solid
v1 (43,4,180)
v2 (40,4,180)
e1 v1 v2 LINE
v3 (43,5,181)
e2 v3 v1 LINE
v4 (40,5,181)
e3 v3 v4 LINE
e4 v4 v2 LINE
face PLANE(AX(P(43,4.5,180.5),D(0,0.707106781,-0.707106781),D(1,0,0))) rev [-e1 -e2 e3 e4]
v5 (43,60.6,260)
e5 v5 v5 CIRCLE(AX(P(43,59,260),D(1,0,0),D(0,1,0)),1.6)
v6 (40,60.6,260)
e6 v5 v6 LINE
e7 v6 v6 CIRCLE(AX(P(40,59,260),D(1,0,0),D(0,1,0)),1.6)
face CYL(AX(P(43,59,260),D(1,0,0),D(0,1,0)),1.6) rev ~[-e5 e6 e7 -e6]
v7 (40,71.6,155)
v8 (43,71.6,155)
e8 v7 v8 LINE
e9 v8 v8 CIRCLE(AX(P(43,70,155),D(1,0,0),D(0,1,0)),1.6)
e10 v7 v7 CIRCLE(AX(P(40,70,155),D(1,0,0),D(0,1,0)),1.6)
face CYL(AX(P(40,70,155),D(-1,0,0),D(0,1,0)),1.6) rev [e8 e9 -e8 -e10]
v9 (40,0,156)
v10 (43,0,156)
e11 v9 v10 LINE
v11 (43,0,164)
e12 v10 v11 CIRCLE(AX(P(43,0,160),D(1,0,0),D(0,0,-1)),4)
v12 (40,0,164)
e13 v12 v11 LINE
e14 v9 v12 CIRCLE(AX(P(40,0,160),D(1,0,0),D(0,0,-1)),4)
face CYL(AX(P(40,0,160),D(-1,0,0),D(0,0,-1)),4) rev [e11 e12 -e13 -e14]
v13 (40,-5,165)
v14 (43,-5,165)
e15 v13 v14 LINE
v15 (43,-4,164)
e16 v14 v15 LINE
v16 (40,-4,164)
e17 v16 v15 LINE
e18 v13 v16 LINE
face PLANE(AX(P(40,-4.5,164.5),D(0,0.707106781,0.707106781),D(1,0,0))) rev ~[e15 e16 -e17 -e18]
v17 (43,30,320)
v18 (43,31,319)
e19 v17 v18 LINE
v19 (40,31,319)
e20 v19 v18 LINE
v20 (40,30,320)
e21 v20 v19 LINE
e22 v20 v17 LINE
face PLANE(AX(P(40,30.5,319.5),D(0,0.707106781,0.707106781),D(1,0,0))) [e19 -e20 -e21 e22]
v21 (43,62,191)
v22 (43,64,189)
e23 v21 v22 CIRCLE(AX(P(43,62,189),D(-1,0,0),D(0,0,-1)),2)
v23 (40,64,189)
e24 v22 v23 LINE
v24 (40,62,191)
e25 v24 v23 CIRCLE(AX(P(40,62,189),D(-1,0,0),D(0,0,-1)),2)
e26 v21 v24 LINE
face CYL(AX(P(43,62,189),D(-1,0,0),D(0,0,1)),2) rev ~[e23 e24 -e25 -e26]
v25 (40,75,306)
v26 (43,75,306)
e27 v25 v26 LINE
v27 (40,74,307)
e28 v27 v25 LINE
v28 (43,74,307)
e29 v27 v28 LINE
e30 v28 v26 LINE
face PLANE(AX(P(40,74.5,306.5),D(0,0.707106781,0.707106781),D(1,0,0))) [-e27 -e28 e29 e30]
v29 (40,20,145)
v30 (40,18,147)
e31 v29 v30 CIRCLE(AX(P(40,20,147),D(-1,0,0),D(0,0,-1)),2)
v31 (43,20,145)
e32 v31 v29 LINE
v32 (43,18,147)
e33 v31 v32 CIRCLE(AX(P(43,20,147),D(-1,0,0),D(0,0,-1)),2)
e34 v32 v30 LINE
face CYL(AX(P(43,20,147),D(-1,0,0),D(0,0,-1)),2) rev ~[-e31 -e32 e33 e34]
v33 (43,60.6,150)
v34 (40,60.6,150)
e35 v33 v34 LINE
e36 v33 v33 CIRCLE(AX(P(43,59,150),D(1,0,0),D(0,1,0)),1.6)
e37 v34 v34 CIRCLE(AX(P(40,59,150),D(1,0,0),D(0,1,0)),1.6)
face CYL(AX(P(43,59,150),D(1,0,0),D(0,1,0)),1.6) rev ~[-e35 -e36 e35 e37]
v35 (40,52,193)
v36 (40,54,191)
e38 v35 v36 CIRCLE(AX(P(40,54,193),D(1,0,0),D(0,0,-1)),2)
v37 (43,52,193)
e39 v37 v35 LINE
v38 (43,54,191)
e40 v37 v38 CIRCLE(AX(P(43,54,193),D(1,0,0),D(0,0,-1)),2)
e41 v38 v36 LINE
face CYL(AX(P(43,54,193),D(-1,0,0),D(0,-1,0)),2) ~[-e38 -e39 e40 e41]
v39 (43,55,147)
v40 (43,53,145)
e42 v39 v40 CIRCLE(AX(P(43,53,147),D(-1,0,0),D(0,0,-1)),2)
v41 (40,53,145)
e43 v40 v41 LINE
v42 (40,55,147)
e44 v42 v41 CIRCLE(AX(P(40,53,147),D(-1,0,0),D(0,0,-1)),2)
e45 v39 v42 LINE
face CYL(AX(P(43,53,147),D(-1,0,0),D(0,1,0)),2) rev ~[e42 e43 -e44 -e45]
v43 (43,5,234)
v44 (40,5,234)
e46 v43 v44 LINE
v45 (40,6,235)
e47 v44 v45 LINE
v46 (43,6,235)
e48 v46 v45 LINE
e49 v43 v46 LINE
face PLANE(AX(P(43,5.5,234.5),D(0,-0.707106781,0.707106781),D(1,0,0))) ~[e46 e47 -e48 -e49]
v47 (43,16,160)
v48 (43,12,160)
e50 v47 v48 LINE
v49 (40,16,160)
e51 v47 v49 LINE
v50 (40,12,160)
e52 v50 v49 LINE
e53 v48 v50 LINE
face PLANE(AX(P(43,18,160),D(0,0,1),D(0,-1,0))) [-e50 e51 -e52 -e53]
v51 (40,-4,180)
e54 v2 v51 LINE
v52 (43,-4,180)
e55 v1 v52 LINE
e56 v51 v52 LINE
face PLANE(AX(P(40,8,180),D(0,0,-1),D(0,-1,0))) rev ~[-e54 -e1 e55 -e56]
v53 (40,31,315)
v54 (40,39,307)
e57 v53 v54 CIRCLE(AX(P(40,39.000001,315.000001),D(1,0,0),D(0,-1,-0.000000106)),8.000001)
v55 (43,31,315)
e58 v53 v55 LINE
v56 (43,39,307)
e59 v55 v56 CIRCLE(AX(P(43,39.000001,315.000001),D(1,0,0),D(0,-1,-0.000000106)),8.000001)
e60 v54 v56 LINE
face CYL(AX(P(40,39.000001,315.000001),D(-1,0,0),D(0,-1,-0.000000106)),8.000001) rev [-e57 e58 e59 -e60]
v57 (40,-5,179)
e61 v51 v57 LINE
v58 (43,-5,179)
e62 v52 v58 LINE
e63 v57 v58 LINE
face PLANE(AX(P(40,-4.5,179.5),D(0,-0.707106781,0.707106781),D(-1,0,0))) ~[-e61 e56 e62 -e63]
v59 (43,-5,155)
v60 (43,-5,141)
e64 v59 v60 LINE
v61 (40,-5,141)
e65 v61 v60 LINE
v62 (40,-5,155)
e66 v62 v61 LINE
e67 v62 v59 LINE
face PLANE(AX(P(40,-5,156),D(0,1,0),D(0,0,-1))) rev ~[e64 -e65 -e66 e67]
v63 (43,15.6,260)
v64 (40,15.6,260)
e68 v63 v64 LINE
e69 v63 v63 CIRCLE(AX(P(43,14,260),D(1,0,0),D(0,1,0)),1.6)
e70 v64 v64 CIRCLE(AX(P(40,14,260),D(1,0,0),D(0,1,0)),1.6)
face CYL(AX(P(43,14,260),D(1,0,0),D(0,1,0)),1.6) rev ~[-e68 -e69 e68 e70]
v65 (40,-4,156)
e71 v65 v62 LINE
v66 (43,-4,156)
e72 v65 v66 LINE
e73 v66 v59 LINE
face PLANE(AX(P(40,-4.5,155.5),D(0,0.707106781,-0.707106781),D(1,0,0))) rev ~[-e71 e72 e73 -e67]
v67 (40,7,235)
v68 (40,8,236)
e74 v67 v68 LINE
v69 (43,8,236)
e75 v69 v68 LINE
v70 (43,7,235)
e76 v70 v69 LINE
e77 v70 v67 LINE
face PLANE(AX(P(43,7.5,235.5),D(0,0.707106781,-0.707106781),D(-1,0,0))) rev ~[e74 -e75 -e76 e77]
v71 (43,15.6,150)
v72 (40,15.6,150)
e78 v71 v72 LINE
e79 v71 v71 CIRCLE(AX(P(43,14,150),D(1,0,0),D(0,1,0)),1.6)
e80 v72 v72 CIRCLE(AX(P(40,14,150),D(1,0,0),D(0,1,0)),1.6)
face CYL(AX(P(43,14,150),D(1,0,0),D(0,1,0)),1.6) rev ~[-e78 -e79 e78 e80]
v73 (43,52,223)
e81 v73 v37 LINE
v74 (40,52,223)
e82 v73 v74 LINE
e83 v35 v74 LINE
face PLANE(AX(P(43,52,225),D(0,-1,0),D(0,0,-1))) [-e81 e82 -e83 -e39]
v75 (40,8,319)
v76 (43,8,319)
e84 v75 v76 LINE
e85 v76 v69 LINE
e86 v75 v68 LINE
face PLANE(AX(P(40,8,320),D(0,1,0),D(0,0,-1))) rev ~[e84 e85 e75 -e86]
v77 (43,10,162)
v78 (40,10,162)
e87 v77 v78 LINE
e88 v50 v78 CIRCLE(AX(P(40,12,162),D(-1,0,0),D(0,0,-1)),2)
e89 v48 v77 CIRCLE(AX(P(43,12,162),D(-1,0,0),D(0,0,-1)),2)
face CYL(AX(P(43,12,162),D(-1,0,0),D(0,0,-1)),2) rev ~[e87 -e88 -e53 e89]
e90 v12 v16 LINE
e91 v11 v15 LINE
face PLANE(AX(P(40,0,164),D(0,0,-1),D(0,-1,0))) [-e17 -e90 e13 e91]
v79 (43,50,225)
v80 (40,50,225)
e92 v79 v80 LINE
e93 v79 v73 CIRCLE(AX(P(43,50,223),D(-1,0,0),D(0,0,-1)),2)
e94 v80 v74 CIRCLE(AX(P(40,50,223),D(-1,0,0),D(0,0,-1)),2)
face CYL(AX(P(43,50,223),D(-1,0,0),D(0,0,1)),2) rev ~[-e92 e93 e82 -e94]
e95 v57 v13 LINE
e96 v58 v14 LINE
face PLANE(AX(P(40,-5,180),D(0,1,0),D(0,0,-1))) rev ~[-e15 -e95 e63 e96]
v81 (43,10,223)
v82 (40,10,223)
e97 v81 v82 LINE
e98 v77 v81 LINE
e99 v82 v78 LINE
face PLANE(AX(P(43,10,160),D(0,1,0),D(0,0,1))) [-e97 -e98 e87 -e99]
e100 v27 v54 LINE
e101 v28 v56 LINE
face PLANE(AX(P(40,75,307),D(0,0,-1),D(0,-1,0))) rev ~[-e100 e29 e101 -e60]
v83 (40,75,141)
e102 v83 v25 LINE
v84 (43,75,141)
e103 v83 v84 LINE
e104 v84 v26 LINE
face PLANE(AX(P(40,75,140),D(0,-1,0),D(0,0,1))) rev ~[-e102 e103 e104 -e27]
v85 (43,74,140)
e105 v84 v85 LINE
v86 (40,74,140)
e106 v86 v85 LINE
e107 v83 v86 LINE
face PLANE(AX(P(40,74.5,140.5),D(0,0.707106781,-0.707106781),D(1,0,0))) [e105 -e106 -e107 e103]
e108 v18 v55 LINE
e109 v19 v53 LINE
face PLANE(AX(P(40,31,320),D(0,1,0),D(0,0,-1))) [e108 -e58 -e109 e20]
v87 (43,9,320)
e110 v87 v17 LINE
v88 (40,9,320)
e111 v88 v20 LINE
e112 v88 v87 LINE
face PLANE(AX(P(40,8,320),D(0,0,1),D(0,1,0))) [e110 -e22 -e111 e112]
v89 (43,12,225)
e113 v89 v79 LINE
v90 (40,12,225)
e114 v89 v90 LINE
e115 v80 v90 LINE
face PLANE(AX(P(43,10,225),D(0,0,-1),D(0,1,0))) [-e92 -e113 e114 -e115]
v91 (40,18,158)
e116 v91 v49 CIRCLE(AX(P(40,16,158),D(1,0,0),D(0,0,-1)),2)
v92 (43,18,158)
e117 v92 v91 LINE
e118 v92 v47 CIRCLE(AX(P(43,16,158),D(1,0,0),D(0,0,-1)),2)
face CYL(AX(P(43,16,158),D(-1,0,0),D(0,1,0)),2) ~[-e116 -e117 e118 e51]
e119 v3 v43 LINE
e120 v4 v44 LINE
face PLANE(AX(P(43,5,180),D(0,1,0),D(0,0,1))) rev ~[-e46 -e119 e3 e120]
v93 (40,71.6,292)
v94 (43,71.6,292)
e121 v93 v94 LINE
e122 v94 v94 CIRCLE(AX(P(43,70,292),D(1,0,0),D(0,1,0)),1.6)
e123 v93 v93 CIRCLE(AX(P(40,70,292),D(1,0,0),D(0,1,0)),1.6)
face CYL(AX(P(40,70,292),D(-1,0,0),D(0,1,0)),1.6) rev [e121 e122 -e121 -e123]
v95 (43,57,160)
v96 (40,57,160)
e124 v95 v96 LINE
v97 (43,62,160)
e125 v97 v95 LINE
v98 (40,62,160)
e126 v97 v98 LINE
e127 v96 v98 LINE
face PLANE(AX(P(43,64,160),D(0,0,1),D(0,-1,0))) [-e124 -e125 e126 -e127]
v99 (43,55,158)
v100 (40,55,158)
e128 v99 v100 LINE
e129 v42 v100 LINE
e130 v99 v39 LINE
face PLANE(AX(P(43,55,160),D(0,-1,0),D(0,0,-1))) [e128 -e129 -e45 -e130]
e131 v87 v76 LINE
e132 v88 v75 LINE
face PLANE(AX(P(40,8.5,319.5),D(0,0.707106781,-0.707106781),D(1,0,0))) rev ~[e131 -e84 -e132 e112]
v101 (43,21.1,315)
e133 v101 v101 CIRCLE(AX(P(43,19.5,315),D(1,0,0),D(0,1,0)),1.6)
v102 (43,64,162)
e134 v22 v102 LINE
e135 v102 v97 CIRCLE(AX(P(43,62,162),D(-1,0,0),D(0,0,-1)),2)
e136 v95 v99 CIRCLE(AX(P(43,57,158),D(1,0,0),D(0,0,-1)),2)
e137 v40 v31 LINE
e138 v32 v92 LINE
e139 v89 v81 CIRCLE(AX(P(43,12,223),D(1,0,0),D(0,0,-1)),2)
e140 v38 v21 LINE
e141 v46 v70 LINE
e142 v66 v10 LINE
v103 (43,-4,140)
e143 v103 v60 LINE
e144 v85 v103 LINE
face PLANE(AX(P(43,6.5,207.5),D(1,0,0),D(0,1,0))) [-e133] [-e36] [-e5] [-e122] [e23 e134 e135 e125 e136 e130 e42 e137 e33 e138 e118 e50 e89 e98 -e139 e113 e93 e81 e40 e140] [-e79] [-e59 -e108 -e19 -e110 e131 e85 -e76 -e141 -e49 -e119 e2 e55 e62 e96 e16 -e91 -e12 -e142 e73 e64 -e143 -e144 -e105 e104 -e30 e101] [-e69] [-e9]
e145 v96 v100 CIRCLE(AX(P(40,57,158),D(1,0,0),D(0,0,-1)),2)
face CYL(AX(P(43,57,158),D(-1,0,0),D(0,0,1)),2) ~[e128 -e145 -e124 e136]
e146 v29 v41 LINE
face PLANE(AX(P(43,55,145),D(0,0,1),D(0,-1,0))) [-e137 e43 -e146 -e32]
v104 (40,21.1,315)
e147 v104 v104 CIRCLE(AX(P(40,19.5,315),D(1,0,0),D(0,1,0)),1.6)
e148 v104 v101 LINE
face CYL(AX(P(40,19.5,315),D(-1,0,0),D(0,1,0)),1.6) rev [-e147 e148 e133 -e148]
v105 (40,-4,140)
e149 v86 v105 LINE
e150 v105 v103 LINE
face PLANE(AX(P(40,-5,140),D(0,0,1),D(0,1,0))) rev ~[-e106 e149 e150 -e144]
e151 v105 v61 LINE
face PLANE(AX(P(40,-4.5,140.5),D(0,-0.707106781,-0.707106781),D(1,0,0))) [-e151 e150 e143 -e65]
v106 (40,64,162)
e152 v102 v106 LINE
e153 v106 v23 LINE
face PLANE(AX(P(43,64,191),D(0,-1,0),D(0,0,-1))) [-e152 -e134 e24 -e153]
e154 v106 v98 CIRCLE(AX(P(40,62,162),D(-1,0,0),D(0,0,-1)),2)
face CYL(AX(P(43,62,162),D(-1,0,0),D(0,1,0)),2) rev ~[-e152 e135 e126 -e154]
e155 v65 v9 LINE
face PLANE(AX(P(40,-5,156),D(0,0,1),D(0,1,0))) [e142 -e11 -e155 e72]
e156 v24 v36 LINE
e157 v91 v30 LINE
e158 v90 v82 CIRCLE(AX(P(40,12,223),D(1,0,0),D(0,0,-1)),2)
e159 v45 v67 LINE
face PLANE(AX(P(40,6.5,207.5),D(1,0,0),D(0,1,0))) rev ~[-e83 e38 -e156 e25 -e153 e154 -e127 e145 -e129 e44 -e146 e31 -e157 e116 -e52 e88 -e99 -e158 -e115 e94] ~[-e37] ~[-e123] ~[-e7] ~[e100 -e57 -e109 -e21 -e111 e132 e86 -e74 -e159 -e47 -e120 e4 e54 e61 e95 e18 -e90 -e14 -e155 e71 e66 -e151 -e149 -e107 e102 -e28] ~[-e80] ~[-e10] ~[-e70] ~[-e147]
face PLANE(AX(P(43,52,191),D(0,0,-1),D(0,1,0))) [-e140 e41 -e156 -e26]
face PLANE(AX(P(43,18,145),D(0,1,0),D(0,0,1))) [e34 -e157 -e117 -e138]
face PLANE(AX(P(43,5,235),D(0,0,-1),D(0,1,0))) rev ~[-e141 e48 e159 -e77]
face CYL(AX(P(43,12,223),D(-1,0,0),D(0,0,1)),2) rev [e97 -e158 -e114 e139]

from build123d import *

# Parameters (mm, degrees)
SKETCH_R        = 1.6
PAD_DEPTH       = 3
CHAMFER_SIZE    = 1
POCKET014_DEPTH = 3.001
CHAMFER059_SIZE = 1
SKETCH159_R     = 1.6
POCKET015_DEPTH = 43.001
SKETCH188_W     = 37.119205
SKETCH188_H     = 78.955215
SKETCH188_W_2   = 7
SKETCH188_H_2   = 30
PAD099_DEPTH    = 3
SKETCH189_R     = 1.6
POCKET032_DEPTH = 3.001
SKETCH190_W     = 3
SKETCH190_H     = 55
PAD100_DEPTH    = 3
CHAMFER065_SIZE = 1
FILLET066_R     = 2


with BuildPart() as part:
    # Sketch → Pad (new body)
    with BuildSketch(Plane.YZ.offset(40)):
        with BuildLine():
            Line((8, 320), (31, 320))
            Line((31, 320), (31, 315))
            ThreePointArc((31, 315), (33.343146, 309.343146), (39, 307))
            Line((75, 307), (39, 307))
            Line((75, 140), (75, 307))
            Line((-5, 140), (75, 140))
            Line((-5, 156), (-5, 140))
            Line((-5, 156), (0, 156))
            ThreePointArc((0, 156), (4, 160), (0, 164))
            Line((0, 164), (-5, 164))
            Line((-5, 180), (-5, 164))
            Line((8, 180), (-5, 180))
            Line((8, 320), (8, 180))
        make_face()
        with Locations((19.5, 315)):
            Circle(SKETCH_R, mode=Mode.SUBTRACT)
        with Locations((70, 292)):
            Circle(SKETCH_R, mode=Mode.SUBTRACT)
        with Locations((70, 155)):
            Circle(SKETCH_R, mode=Mode.SUBTRACT)
    extrude(amount=PAD_DEPTH)

    # Chamfer
    chamfer_edges = [part.edges().sort_by_distance(p)[0] for p in [
        (41.5, -5, 180),
        (41.5, 8, 180),
        (41.5, -5, 164),
        (41.5, -5, 156),
        (41.5, -5, 140),
        (41.5, 75, 140),
        (41.5, 75, 307),
        (41.5, 8, 320),
        (41.5, 31, 320),
    ]]
    chamfer(chamfer_edges, length=CHAMFER_SIZE)

    # Sketch158 (on Face5 of Chamfer) → Pocket014 (cut, through all)
    with BuildSketch(Plane.YZ.offset(43)):
        with BuildLine():
            ThreePointArc((54, 140), (56.5, 137.5), (59, 140))
            Line((59, 140), (59, 160))
            ThreePointArc((59, 160), (56.5, 162.5), (54, 160))
            Line((54, 160), (54, 140))
        make_face()
    extrude(amount=-POCKET014_DEPTH, mode=Mode.SUBTRACT)

    # Chamfer059
    chamfer059_edges = [part.edges().sort_by_distance(p)[0] for p in [
        (41.5, 54, 140),
        (41.5, 59, 140),
    ]]
    chamfer(chamfer059_edges, length=CHAMFER059_SIZE)

    # Sketch159 → Pocket015 (cut, through all)
    with BuildSketch(Plane.YZ):
        with Locations((18, 260)):
            Circle(SKETCH159_R)
        with Locations((35.78, 260)):
            Circle(SKETCH159_R)
        with Locations((18, 204.76)):
            Circle(SKETCH159_R)
        with Locations((35.78, 204.76)):
            Circle(SKETCH159_R)
    extrude(amount=POCKET015_DEPTH, mode=Mode.SUBTRACT)

    # Sketch188 (on Face37 of Clone004) → Pad099 (new body)
    with BuildSketch(Plane.YZ.offset(43)):
        with Locations((30.900274, 230.820335)):
            Rectangle(SKETCH188_W, SKETCH188_H)
        with Locations((56.5, 155)):
            Rectangle(SKETCH188_W_2, SKETCH188_H_2)
    extrude(amount=-PAD099_DEPTH)

    # Sketch189 (on Face27 of Pad099) → Pocket032 (cut, through all)
    with BuildSketch(Plane.YZ.offset(43)):
        with Locations((14, 260)):
            Circle(SKETCH189_R)
        with Locations((59, 260)):
            Circle(SKETCH189_R)
        with Locations((59, 150)):
            Circle(SKETCH189_R)
        with Locations((14, 150)):
            Circle(SKETCH189_R)
        Polygon((10, 225), (52, 225), (52, 191), (64, 191), (64, 160), (55, 160), (55, 145), (18, 145), (18, 160), (10, 160), align=None)
    extrude(amount=-POCKET032_DEPTH, mode=Mode.SUBTRACT)

    # Sketch190 (on Face5 of Pocket032) → Pad100 (join)
    with BuildSketch(Plane.YZ.offset(43)):
        with Locations((6.5, 207.5)):
            Rectangle(SKETCH190_W, SKETCH190_H)
    extrude(amount=-PAD100_DEPTH)

    # Chamfer065
    chamfer065_edges = [part.edges().sort_by_distance(p)[0] for p in [
        (41.5, 5, 180),
        (41.5, 5, 235),
        (41.5, 8, 235),
    ]]
    chamfer(chamfer065_edges, length=CHAMFER065_SIZE)

    # Fillet066
    fillet066_edges = [part.edges().sort_by_distance(p)[0] for p in [
        (41.5, 18, 160),
        (41.5, 55, 160),
        (41.5, 52, 191),
        (41.5, 64, 160),
        (41.5, 64, 191),
        (41.5, 52, 225),
        (41.5, 10, 225),
        (41.5, 10, 160),
        (41.5, 55, 145),
        (41.5, 18, 145),
    ]]
    fillet(fillet066_edges, radius=FILLET066_R)


solid = part.part
